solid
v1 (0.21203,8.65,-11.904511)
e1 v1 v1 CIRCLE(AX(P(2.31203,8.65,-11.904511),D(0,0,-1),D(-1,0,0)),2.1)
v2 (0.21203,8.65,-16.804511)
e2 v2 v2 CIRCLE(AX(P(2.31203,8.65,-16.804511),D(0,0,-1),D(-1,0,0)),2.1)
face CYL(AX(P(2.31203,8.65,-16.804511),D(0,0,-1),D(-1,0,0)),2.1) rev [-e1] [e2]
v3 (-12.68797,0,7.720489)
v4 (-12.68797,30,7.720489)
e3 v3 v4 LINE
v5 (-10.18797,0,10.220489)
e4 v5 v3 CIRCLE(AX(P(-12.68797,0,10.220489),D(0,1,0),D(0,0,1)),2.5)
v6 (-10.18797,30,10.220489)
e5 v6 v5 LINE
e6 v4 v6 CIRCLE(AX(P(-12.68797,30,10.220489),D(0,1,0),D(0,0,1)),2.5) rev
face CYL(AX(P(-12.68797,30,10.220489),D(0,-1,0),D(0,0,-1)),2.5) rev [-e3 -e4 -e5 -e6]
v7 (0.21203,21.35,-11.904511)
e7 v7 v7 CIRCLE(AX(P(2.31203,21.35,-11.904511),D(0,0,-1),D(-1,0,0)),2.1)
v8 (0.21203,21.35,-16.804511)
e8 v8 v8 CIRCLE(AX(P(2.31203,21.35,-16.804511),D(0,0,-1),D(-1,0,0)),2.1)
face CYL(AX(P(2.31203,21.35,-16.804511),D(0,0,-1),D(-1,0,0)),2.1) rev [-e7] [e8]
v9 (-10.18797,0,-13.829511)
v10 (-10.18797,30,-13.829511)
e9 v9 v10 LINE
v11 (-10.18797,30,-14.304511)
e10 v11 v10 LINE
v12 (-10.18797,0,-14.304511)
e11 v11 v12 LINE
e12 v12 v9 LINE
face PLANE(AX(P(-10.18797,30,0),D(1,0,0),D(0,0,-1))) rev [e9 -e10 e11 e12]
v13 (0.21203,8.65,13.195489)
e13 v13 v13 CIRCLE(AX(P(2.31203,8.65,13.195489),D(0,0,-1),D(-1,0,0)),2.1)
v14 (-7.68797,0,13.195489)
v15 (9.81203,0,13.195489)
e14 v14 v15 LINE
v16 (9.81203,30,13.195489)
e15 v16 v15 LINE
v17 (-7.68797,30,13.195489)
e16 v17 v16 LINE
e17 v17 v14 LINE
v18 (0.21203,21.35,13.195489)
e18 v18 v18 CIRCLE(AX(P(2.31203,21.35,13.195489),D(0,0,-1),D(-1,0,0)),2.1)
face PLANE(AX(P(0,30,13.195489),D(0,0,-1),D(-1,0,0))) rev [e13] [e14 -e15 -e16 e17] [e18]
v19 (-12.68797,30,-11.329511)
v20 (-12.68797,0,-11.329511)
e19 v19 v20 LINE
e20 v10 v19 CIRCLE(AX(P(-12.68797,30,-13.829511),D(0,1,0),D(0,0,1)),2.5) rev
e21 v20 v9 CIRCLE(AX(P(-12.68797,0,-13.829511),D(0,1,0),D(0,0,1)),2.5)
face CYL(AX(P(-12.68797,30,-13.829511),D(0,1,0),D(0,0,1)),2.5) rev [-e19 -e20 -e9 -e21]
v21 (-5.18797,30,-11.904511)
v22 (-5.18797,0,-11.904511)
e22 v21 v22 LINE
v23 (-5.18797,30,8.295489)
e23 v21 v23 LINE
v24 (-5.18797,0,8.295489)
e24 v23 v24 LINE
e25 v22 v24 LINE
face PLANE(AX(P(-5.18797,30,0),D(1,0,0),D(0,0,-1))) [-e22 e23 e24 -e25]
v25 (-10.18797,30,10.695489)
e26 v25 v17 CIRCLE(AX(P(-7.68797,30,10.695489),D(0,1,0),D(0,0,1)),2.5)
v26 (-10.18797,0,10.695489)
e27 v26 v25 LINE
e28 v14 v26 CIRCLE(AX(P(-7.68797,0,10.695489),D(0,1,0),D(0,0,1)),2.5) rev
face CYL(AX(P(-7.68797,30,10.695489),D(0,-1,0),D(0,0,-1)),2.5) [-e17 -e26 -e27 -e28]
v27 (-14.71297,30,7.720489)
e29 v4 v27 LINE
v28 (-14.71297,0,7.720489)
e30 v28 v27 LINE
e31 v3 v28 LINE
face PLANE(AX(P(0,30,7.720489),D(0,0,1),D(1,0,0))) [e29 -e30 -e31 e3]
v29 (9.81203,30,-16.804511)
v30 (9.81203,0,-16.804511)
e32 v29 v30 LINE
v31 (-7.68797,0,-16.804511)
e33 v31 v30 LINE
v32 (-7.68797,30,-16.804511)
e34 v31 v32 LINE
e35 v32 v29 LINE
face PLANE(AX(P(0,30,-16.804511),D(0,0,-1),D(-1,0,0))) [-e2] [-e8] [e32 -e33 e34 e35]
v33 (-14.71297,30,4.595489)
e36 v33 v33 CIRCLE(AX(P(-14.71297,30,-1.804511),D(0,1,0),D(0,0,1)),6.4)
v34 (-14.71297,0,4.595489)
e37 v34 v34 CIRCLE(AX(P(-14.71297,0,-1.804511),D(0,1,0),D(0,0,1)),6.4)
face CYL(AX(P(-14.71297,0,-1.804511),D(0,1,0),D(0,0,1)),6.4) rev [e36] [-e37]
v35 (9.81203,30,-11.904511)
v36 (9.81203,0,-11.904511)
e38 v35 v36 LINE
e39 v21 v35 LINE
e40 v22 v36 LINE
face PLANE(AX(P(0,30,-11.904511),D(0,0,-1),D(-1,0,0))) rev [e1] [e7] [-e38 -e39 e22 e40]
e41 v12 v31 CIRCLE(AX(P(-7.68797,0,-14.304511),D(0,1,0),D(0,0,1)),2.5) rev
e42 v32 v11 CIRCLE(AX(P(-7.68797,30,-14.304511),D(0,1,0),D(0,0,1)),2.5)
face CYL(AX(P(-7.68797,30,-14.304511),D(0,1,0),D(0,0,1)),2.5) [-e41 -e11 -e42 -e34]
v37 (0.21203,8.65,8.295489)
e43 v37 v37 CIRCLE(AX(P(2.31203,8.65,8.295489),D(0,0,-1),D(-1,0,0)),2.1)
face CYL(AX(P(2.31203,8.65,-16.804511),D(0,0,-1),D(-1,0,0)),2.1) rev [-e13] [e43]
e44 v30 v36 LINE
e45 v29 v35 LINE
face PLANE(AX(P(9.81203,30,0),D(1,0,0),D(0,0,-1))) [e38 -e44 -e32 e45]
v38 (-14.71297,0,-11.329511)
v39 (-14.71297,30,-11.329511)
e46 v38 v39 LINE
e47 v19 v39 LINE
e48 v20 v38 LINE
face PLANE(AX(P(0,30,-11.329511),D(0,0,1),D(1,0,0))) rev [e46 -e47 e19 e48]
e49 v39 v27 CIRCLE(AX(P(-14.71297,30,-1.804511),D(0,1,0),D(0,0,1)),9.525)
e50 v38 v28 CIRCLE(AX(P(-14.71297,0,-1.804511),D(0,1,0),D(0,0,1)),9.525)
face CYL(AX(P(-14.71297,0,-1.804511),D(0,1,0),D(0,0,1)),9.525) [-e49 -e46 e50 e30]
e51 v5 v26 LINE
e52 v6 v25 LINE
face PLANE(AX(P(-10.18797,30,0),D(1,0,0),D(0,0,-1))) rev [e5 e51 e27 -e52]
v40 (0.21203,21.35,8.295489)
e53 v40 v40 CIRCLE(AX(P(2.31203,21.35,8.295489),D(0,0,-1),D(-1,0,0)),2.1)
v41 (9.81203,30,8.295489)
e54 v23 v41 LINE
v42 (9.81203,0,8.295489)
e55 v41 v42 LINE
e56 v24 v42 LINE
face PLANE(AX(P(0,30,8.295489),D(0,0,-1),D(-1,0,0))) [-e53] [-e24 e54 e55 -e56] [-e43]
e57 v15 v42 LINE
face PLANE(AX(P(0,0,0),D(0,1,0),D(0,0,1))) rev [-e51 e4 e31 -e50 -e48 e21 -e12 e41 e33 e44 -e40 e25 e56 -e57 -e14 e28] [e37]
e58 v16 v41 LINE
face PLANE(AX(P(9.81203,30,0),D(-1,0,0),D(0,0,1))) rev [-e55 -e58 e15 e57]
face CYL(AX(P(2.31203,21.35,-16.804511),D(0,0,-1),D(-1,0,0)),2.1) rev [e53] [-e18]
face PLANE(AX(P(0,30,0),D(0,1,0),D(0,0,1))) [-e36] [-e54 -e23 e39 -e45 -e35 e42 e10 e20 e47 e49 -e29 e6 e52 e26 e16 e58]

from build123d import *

# Parameters (mm, degrees)
SKETCH1_W                   = 15
SKETCH1_H                   = 4.9
SKETCH1_W_2                 = 5
SKETCH1_H_2                 = 19.05
SKETCH1_W_3                 = 14.05
BOSS_EXTRUDE1_DEPTH         = 30
SKETCH2_R                   = 6.4
CUT_EXTRUDE1_DEPTH          = 43.069832248
CUT_EXTRUDE2_DEPTH          = 30
FILLET1_R                   = 2.5
TAP_DRILL_FOR_M5X0_8_TAP1_D = 4.2


with BuildPart() as part:
    # Sketch1 → Boss-Extrude1 (new body)
    with BuildSketch(Plane(origin=(0, 0, 0), x_dir=(1, 0, 0), z_dir=(0, 1, 0))):
        with Locations((2.312030075, 14.354511278)):
            Rectangle(SKETCH1_W, SKETCH1_H)
        Polygon((-5.187969925, 16.804511278), (-10.187969925, 16.804511278), (-10.187969925, 11.329511278), (-5.187969925, 11.329511278), (-5.187969925, 11.904511278), align=None)
        with Locations((-7.687969925, 1.804511278)):
            Rectangle(SKETCH1_W_2, SKETCH1_H_2)
        with Locations((-17.212969925, 1.804511278)):
            Rectangle(SKETCH1_W_3, SKETCH1_H_2)
        Polygon((-5.187969925, -7.720488722), (-10.187969925, -7.720488722), (-10.187969925, -13.195488722), (-5.187969925, -13.195488722), (-5.187969925, -8.295488722), align=None)
        with Locations((2.312030075, -10.745488722)):
            Rectangle(SKETCH1_W, SKETCH1_H)
    extrude(amount=BOSS_EXTRUDE1_DEPTH)

    # Sketch2 → Cut-Extrude1 (cut, through all)
    with BuildSketch(Plane(origin=(0, 30, 0), x_dir=(1, 0, 0), z_dir=(0, 1, 0))):
        with Locations(Location((-14.712969925, 1.804511278, 0), (0, 0, 270))):
            Circle(SKETCH2_R)
    extrude(amount=-CUT_EXTRUDE1_DEPTH, mode=Mode.SUBTRACT)

    # Sketch4 → Cut-Extrude2 (cut)
    with BuildSketch(Plane(origin=(0, 30, 0), x_dir=(1, 0, 0), z_dir=(0, 1, 0))):
        with BuildLine():
            Line((-14.712969925, 11.329511278), (-24.237969925, 11.329511278))
            Line((-24.237969925, 11.329511278), (-24.237969925, 1.804511236))
            ThreePointArc((-24.237969925, 1.804511236), (-21.448162031, 8.539703354), (-14.712969925, 11.329511278))
        make_face()
        with BuildLine():
            ThreePointArc((-14.712969925, -7.720488722), (-21.448162001, -4.930680828), (-24.237969925, 1.804511236))
            Line((-24.237969925, 1.804511236), (-24.237969925, -7.720488722))
            Line((-24.237969925, -7.720488722), (-14.712969925, -7.720488722))
        make_face()
    extrude(amount=-CUT_EXTRUDE2_DEPTH, mode=Mode.SUBTRACT)

    # Fillet1
    fillet1_edges = [part.edges().sort_by_distance(p)[0] for p in [
        (-10.187969925, 15, 13.195488722),
        (-10.187969925, 15, 7.720488722),
        (-10.187969925, 15, -11.329511278),
        (-10.187969925, 15, -16.804511278),
    ]]
    fillet(fillet1_edges, radius=FILLET1_R)

    # Tap Drill for M5x0.8 Tap1 (through all)
    with Locations(Plane(origin=(0, 0, -16.804511278), x_dir=(-1, 0, 0), z_dir=(0, 0, -1))):
        with Locations((-2.312030075, 21.35), (-2.312030075, 8.65)):
            Hole(TAP_DRILL_FOR_M5X0_8_TAP1_D / 2)


solid = part.part
